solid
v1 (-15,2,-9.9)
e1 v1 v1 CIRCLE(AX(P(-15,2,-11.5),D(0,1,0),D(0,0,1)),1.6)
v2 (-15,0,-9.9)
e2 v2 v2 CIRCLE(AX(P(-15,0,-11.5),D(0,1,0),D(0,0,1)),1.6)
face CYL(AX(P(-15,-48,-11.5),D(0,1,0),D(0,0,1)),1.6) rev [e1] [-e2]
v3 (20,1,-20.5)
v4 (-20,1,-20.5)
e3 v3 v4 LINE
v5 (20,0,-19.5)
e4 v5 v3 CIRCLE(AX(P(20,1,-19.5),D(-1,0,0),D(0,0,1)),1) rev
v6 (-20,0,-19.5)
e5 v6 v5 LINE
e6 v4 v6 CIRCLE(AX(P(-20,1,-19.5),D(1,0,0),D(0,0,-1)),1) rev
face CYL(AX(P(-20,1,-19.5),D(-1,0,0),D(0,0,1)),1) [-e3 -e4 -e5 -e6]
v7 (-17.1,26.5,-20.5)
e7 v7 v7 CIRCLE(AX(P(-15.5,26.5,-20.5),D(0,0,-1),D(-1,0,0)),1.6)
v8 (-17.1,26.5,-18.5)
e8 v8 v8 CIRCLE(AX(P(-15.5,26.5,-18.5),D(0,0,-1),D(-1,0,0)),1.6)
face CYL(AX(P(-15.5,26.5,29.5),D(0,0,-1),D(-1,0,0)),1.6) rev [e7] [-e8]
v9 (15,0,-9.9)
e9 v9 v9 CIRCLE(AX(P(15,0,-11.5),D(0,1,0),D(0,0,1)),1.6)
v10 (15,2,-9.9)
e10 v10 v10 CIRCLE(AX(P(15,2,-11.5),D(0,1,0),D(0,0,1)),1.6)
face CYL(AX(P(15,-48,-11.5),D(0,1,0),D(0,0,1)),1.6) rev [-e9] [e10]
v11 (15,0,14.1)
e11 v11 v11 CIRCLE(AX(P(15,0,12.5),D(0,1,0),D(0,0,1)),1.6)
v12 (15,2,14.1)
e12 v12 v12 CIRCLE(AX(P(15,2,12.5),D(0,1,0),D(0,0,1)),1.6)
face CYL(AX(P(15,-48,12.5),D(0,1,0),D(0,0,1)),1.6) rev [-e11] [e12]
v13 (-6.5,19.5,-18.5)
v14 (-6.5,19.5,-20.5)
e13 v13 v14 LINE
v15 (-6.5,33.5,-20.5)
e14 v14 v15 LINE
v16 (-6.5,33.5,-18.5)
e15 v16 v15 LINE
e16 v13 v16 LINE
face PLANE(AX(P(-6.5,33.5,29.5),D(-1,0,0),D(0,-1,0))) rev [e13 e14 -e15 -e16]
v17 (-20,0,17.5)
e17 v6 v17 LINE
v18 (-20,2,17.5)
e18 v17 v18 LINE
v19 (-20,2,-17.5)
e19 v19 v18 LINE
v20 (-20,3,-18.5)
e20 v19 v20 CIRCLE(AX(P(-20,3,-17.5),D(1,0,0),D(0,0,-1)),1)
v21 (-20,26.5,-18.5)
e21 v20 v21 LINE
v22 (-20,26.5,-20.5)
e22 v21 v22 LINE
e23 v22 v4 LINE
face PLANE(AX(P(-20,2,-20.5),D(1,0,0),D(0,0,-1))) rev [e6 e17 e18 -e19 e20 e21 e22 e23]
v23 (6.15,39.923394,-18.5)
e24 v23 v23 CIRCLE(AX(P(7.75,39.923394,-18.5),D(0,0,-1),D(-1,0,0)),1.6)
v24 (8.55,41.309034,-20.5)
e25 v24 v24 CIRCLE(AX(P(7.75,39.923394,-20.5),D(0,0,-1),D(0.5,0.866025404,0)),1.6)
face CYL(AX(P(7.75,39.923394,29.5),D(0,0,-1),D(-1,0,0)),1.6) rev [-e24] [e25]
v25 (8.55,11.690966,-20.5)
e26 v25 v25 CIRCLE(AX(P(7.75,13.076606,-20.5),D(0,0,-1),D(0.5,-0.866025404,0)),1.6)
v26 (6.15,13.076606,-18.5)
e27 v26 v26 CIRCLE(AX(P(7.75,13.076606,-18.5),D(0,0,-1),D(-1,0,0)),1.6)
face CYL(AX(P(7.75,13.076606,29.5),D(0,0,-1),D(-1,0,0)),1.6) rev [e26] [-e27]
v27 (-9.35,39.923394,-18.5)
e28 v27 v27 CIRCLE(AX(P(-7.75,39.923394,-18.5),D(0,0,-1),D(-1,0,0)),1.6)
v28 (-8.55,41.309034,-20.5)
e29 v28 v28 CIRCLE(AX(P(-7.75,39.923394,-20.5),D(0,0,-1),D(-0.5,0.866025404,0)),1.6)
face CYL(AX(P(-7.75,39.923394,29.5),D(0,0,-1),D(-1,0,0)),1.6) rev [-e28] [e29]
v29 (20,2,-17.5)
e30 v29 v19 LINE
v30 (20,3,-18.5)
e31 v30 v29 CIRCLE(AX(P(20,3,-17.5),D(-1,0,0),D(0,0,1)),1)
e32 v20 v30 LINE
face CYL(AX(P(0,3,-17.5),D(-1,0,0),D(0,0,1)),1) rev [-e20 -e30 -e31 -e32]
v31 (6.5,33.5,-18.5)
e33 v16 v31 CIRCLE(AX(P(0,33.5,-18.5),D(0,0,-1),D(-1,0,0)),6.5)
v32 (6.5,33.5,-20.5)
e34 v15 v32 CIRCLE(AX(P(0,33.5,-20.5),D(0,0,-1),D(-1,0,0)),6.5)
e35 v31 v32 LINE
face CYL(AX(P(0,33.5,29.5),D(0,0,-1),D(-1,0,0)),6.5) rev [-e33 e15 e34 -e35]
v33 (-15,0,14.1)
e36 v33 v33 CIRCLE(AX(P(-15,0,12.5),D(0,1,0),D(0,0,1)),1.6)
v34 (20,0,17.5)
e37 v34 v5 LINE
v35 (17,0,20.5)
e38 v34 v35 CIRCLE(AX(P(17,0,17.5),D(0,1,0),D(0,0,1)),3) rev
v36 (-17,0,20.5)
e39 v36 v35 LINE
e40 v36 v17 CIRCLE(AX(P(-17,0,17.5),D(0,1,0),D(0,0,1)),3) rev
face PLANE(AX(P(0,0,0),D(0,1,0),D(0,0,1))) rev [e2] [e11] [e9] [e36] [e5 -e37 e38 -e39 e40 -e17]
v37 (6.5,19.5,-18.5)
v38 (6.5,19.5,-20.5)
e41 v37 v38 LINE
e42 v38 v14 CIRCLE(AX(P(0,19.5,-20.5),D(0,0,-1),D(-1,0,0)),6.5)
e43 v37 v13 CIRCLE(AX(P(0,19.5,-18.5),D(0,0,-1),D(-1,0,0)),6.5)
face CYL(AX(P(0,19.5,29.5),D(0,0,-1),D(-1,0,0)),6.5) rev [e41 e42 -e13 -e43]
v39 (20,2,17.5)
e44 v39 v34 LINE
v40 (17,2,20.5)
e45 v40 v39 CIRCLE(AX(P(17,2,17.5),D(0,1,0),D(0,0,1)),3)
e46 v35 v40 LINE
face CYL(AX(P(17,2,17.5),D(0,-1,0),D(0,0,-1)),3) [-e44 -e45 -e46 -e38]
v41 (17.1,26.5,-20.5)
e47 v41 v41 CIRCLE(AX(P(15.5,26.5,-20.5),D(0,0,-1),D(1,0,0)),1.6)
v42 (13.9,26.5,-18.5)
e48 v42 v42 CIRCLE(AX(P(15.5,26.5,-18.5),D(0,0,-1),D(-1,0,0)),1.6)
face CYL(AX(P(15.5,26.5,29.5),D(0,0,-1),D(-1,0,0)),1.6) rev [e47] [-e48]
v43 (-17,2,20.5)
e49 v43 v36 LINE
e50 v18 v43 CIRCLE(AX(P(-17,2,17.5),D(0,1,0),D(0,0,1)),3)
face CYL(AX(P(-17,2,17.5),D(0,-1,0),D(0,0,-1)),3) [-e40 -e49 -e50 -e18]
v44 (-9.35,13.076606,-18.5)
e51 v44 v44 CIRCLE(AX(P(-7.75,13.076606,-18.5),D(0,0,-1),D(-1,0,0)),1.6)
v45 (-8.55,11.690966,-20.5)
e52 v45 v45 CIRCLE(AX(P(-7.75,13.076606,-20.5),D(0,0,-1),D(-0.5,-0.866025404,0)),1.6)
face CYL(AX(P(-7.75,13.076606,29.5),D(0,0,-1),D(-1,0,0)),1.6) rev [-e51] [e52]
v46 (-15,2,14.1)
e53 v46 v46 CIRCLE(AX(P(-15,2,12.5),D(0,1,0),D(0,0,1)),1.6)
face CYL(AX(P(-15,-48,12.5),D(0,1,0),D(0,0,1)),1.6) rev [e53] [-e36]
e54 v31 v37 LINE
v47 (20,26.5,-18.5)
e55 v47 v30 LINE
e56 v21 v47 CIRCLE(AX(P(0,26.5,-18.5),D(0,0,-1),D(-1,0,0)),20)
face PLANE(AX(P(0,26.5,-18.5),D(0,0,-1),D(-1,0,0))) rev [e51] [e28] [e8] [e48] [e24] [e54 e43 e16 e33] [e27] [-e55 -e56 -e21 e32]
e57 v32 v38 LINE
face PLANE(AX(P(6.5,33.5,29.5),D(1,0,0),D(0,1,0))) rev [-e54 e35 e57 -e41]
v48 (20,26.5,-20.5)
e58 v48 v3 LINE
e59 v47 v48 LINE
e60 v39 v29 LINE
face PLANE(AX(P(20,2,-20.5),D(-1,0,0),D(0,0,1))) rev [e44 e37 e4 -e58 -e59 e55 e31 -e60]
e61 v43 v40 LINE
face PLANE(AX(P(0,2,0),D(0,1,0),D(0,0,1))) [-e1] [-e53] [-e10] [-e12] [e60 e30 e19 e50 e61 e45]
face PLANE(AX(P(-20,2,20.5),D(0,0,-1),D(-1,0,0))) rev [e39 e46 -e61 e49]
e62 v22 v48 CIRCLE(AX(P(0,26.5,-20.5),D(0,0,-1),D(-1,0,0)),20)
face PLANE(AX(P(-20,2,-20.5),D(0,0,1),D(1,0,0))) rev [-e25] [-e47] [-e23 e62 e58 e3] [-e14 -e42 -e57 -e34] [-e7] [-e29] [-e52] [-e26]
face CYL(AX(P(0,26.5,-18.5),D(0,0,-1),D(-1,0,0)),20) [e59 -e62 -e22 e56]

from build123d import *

# Parameters (mm, degrees)
SKETCH_1_W               = 40
SKETCH_1_H               = 41
EXTRUDE_1_DEPTH          = 2
FILLET_1_R               = 3
SKETCH_2_R               = 1.6
CUT_EXTRUDE_1_DEPTH      = 50
EXTRUDE_2_DEPTH          = 2
CUT_EXTRUDE_2_DEPTH      = 50
SKETCH_5_R               = 1.6
CUT_EXTRUDE_3_DEPTH      = 50
PATTERN_CIRCULAR_1_COUNT = 6
FILLET_2_R               = 1
FILLET_3_R               = 1


with BuildPart() as part:
    # 草图1 → 凸台-拉伸1 (new body)
    with BuildSketch(Plane(origin=(0, 0, 0), x_dir=(1, 0, 0), z_dir=(0, 1, 0))):
        Rectangle(SKETCH_1_W, SKETCH_1_H)
    extrude(amount=EXTRUDE_1_DEPTH)

    # 圆角1
    fillet_1_edges = [part.edges().sort_by_distance(p)[0] for p in [
        (20, 1, 20.5),
        (-20, 1, 20.5),
    ]]
    fillet(fillet_1_edges, radius=FILLET_1_R)

    # 草图2 → 切除-拉伸1 (cut)
    with BuildSketch(Plane(origin=(0, 2, 0), x_dir=(1, 0, 0), z_dir=(0, 1, 0))):
        with Locations(Location((-15, -12.5, 0), (0, 0, 270))):
            Circle(SKETCH_2_R)
        with Locations(Location((-15, 11.5, 0), (0, 0, 270))):
            Circle(SKETCH_2_R)
        with Locations(Location((15, 11.5, 0), (0, 0, 270))):
            Circle(SKETCH_2_R)
        with Locations(Location((15, -12.5, 0), (0, 0, 270))):
            Circle(SKETCH_2_R)
    extrude(amount=-CUT_EXTRUDE_1_DEPTH, mode=Mode.SUBTRACT)

    # 草图3 → 凸台-拉伸2 (add)
    with BuildSketch(Plane(origin=(0, 0, -20.5), x_dir=(-1, 0, 0), z_dir=(0, 0, -1))):
        with BuildLine():
            Line((-20, 0), (20, 0))
            Line((20, 0), (20, 26.5))
            ThreePointArc((20, 26.5), (0, 46.5), (-20, 26.5))
            Line((-20, 26.5), (-20, 0))
        make_face()
    extrude(amount=-EXTRUDE_2_DEPTH)

    # 草图4 → 切除-拉伸2 (cut)
    with BuildSketch(Plane(origin=(0, 0, -20.5), x_dir=(-1, 0, 0), z_dir=(0, 0, -1))):
        with BuildLine():
            Line((6.5, 33.5), (6.5, 19.5))
            ThreePointArc((6.5, 19.5), (0, 13), (-6.5, 19.5))
            Line((-6.5, 19.5), (-6.5, 33.5))
            ThreePointArc((-6.5, 33.5), (0, 40), (6.5, 33.5))
        make_face()
    extrude(amount=-CUT_EXTRUDE_2_DEPTH, mode=Mode.SUBTRACT)

    # 草图5 → 切除-拉伸3 (cut)
    with BuildSketch(Plane(origin=(0, 0, -20.5), x_dir=(-1, 0, 0), z_dir=(0, 0, -1))):
        with Locations((15.5, 26.5)):
            Circle(SKETCH_5_R)
    cut_extrude_3 = extrude(amount=-CUT_EXTRUDE_3_DEPTH, mode=Mode.SUBTRACT)

    # 阵列(圆周)1: 切除-拉伸3 ×6 about axis
    pattern_circular_1_axis = Axis((0, 26.5, 0), (0, 0, 1))
    for i in range(1, PATTERN_CIRCULAR_1_COUNT):
        add(cut_extrude_3.rotate(pattern_circular_1_axis, i * 360 / PATTERN_CIRCULAR_1_COUNT), mode=Mode.SUBTRACT)

    # 圆角2
    fillet_2_edges = [part.edges().sort_by_distance(p)[0] for p in [
        (0, 0, -20.5),
    ]]
    fillet(fillet_2_edges, radius=FILLET_2_R)

    # 圆角3
    fillet_3_edges = [part.edges().sort_by_distance(p)[0] for p in [
        (0, 2, -18.5),
    ]]
    fillet(fillet_3_edges, radius=FILLET_3_R)


solid = part.part
